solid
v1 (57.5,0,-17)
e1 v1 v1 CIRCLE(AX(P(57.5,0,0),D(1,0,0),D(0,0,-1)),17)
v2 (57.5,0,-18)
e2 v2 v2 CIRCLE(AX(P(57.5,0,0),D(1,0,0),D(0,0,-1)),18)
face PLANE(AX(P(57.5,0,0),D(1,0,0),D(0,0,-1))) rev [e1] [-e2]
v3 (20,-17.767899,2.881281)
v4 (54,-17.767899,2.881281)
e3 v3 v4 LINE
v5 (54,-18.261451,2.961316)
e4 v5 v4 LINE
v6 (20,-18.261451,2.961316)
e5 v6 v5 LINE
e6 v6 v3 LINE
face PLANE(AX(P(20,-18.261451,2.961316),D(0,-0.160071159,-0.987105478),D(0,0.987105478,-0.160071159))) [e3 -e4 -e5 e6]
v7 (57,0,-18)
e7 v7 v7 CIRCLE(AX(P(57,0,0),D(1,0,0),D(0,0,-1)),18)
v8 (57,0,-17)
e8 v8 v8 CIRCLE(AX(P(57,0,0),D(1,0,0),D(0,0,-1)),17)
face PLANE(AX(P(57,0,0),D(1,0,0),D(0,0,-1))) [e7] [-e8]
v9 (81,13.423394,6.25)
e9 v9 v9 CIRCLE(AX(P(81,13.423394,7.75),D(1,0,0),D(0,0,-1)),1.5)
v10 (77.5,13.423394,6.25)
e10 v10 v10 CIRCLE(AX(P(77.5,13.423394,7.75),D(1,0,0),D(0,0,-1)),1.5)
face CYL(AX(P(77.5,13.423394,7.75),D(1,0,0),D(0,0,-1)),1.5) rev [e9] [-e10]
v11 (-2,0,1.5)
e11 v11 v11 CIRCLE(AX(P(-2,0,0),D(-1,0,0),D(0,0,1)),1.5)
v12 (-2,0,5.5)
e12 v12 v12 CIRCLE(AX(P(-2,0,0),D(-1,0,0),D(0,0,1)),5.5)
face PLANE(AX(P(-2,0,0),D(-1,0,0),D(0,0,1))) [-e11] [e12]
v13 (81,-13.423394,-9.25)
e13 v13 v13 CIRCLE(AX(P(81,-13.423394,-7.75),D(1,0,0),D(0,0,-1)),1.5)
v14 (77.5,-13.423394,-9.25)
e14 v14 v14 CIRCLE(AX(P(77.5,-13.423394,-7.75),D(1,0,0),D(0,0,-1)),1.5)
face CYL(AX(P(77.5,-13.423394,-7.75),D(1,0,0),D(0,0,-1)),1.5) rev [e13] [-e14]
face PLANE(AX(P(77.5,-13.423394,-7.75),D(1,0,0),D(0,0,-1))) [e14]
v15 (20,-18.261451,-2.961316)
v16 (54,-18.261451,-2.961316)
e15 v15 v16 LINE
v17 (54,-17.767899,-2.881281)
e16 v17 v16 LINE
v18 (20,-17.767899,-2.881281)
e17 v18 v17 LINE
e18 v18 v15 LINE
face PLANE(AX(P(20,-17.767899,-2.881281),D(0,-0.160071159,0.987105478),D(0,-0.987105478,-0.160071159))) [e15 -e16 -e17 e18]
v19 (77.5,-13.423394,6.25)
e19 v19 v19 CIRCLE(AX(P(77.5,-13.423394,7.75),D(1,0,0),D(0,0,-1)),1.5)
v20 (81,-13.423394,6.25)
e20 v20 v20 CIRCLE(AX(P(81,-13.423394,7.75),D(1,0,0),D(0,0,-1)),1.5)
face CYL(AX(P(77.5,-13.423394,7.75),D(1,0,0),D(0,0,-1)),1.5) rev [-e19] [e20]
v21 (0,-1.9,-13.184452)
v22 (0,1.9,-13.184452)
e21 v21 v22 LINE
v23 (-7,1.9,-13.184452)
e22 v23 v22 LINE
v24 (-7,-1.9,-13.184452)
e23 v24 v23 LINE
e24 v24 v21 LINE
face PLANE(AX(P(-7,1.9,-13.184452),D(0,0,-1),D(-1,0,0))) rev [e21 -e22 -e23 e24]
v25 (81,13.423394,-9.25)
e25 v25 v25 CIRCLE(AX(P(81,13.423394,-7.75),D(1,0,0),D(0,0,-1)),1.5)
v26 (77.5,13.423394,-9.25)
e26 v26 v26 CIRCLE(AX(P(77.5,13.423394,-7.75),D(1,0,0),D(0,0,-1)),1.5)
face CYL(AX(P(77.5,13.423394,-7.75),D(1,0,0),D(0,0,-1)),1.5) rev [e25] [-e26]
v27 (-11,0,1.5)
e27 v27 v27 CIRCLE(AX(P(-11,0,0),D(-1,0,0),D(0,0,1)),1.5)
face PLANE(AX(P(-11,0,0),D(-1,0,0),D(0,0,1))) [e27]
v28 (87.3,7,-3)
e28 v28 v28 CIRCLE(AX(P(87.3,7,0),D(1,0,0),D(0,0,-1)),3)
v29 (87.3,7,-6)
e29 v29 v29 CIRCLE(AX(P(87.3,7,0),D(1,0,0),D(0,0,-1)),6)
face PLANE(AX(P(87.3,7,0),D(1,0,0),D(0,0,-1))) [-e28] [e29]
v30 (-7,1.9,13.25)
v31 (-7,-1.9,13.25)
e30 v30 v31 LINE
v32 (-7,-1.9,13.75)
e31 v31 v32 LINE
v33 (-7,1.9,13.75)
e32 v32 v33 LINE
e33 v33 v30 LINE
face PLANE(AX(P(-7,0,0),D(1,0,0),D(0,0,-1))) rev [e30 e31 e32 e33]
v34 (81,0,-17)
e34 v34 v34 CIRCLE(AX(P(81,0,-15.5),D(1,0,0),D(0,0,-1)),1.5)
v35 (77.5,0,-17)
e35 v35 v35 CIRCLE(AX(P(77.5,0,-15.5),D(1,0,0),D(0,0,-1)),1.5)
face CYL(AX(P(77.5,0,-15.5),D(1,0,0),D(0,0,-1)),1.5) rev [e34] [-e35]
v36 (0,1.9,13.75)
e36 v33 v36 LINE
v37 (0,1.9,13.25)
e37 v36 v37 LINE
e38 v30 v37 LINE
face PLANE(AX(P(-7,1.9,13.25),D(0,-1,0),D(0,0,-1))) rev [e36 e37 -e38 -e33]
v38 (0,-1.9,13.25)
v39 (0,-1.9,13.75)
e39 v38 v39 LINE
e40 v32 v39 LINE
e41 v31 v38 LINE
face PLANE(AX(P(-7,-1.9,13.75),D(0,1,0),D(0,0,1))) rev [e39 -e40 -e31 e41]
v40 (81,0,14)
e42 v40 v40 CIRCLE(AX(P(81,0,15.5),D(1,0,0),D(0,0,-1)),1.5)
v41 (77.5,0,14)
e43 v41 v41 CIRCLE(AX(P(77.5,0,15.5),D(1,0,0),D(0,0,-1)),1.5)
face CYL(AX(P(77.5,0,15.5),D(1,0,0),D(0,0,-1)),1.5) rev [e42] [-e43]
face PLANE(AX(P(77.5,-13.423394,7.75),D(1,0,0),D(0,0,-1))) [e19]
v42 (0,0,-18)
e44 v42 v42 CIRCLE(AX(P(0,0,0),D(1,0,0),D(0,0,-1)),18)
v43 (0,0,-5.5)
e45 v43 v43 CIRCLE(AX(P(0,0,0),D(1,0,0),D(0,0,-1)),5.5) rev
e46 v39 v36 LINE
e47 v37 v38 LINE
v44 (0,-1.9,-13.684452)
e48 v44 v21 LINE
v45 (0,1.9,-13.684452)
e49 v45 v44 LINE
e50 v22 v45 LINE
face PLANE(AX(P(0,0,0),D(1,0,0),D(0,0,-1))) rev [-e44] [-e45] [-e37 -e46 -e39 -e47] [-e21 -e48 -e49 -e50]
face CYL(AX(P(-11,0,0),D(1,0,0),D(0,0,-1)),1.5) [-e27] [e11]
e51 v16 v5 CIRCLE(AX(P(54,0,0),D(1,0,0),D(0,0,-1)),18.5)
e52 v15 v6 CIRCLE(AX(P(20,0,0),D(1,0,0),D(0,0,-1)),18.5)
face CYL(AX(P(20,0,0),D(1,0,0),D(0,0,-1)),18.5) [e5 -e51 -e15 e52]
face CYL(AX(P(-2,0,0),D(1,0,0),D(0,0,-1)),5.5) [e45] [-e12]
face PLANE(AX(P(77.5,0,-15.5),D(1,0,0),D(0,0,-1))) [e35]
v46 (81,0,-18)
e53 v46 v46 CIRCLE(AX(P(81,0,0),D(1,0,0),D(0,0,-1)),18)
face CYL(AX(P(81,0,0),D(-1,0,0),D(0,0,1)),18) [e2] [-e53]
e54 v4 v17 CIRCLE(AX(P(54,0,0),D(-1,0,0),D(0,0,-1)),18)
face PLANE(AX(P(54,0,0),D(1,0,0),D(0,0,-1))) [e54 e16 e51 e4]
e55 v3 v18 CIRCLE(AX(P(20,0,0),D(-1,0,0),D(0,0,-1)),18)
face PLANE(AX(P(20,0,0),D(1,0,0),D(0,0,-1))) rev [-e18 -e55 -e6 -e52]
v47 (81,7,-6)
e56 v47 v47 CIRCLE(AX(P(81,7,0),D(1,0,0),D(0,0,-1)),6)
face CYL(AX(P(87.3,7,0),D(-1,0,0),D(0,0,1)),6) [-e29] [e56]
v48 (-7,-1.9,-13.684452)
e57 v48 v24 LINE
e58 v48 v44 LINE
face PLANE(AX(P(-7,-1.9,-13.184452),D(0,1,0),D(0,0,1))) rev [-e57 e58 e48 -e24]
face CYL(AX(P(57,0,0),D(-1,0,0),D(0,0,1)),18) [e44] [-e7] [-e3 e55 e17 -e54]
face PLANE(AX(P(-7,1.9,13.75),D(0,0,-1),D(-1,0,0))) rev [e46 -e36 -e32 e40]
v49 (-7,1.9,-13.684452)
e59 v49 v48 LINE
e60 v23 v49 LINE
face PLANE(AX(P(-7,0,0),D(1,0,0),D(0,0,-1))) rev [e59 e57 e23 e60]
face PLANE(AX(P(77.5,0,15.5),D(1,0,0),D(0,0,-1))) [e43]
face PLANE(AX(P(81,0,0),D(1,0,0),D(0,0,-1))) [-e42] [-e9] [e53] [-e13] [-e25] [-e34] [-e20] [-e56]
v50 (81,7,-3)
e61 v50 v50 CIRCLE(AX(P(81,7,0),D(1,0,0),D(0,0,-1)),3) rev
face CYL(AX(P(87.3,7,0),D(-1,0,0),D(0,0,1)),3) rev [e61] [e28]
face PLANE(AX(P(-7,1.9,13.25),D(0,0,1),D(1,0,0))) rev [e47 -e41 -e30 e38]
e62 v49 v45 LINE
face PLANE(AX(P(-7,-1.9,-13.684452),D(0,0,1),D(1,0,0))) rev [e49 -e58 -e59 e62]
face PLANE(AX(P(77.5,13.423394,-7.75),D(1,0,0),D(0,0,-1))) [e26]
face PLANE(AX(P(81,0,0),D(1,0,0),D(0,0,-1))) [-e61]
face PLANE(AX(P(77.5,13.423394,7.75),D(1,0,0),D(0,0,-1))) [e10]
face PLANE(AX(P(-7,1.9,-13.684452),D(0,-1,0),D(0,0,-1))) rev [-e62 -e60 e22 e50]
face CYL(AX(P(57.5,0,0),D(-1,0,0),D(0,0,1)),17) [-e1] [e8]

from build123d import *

# Parameters (mm, degrees)
SKETCH1_R           = 18
BOSS_EXTRUDE1_DEPTH = 57
SKETCH2_R           = 17
BOSS_EXTRUDE2_DEPTH = 0.5
SKETCH3_R           = 18
BOSS_EXTRUDE3_DEPTH = 23.5
SKETCH4_R           = 6
SKETCH4_R_2         = 3
BOSS_EXTRUDE4_DEPTH = 6.3
SKETCH6_R           = 1.5
CUT_EXTRUDE1_DEPTH  = 3.5
SKETCH7_R           = 5.5
BOSS_EXTRUDE6_DEPTH = 2
SKETCH8_R           = 1.5
BOSS_EXTRUDE7_DEPTH = 9
SKETCH9_W           = 0.5
SKETCH9_H           = 3.8
BOSS_EXTRUDE8_DEPTH = 7
BOSS_EXTRUDE9_DEPTH = 34


with BuildPart() as part:
    # Sketch1 → Boss-Extrude1 (new body)
    with BuildSketch(Plane(origin=(0, 0, 0), x_dir=(0, 0, -1), z_dir=(1, 0, 0))):
        Circle(SKETCH1_R)
    extrude(amount=BOSS_EXTRUDE1_DEPTH)

    # Sketch2 → Boss-Extrude2 (add)
    with BuildSketch(Plane(origin=(57, 0, 0), x_dir=(0, 0, -1), z_dir=(1, 0, 0))):
        Circle(SKETCH2_R)
    extrude(amount=BOSS_EXTRUDE2_DEPTH)

    # Sketch3 → Boss-Extrude3 (add)
    with BuildSketch(Plane(origin=(57.5, 0, 0), x_dir=(0, 0, -1), z_dir=(1, 0, 0))):
        Circle(SKETCH3_R)
    extrude(amount=BOSS_EXTRUDE3_DEPTH)

    # Sketch4 → Boss-Extrude4 (add)
    with BuildSketch(Plane(origin=(81, 0, 0), x_dir=(0, 0, -1), z_dir=(1, 0, 0))):
        with Locations((0, 7)):
            Circle(SKETCH4_R)
        with Locations((0, 7)):
            Circle(SKETCH4_R_2, mode=Mode.SUBTRACT)
    extrude(amount=BOSS_EXTRUDE4_DEPTH)

    # Sketch6 → Cut-Extrude1 (cut)
    with BuildSketch(Plane(origin=(81, 0, 0), x_dir=(0, 0, -1), z_dir=(1, 0, 0))):
        with Locations((-15.5, 0)):
            Circle(SKETCH6_R)
        with Locations((-7.75, 13.423393759)):
            Circle(SKETCH6_R)
        with Locations((7.75, 13.423393759)):
            Circle(SKETCH6_R)
        with Locations((15.5, 0)):
            Circle(SKETCH6_R)
        with Locations((7.75, -13.423393759)):
            Circle(SKETCH6_R)
        with Locations((-7.75, -13.423393759)):
            Circle(SKETCH6_R)
    extrude(amount=-CUT_EXTRUDE1_DEPTH, mode=Mode.SUBTRACT)

    # Sketch7 → Boss-Extrude6 (add)
    with BuildSketch(Plane.ZY):
        Circle(SKETCH7_R)
    extrude(amount=BOSS_EXTRUDE6_DEPTH)

    # Sketch8 → Boss-Extrude7 (add)
    with BuildSketch(Plane.ZY.offset(2)):
        Circle(SKETCH8_R)
    extrude(amount=BOSS_EXTRUDE7_DEPTH)

    # Sketch9 → Boss-Extrude8 (add)
    with BuildSketch(Plane.ZY):
        with Locations((13.5, 0)):
            Rectangle(SKETCH9_W, SKETCH9_H)
        with Locations((-13.434451739, 0)):
            Rectangle(SKETCH9_W, SKETCH9_H)
    extrude(amount=BOSS_EXTRUDE8_DEPTH)

    # Sketch10 → Boss-Extrude9 (add)
    with BuildSketch(Plane(origin=(54, 0, 0), x_dir=(0, 0, -1), z_dir=(1, 0, 0))):
        with BuildLine():
            Line((2.881280854, -17.767898599), (2.961316433, -18.261451338))
            ThreePointArc((2.961316433, -18.261451338), (0, 18.5), (-2.961316433, -18.261451338))
            Line((-2.961316433, -18.261451338), (-2.881280854, -17.767898599))
            ThreePointArc((-2.881280854, -17.767898599), (0, 18), (2.881280854, -17.767898599))
        make_face()
    extrude(amount=-BOSS_EXTRUDE9_DEPTH)


solid = part.part
